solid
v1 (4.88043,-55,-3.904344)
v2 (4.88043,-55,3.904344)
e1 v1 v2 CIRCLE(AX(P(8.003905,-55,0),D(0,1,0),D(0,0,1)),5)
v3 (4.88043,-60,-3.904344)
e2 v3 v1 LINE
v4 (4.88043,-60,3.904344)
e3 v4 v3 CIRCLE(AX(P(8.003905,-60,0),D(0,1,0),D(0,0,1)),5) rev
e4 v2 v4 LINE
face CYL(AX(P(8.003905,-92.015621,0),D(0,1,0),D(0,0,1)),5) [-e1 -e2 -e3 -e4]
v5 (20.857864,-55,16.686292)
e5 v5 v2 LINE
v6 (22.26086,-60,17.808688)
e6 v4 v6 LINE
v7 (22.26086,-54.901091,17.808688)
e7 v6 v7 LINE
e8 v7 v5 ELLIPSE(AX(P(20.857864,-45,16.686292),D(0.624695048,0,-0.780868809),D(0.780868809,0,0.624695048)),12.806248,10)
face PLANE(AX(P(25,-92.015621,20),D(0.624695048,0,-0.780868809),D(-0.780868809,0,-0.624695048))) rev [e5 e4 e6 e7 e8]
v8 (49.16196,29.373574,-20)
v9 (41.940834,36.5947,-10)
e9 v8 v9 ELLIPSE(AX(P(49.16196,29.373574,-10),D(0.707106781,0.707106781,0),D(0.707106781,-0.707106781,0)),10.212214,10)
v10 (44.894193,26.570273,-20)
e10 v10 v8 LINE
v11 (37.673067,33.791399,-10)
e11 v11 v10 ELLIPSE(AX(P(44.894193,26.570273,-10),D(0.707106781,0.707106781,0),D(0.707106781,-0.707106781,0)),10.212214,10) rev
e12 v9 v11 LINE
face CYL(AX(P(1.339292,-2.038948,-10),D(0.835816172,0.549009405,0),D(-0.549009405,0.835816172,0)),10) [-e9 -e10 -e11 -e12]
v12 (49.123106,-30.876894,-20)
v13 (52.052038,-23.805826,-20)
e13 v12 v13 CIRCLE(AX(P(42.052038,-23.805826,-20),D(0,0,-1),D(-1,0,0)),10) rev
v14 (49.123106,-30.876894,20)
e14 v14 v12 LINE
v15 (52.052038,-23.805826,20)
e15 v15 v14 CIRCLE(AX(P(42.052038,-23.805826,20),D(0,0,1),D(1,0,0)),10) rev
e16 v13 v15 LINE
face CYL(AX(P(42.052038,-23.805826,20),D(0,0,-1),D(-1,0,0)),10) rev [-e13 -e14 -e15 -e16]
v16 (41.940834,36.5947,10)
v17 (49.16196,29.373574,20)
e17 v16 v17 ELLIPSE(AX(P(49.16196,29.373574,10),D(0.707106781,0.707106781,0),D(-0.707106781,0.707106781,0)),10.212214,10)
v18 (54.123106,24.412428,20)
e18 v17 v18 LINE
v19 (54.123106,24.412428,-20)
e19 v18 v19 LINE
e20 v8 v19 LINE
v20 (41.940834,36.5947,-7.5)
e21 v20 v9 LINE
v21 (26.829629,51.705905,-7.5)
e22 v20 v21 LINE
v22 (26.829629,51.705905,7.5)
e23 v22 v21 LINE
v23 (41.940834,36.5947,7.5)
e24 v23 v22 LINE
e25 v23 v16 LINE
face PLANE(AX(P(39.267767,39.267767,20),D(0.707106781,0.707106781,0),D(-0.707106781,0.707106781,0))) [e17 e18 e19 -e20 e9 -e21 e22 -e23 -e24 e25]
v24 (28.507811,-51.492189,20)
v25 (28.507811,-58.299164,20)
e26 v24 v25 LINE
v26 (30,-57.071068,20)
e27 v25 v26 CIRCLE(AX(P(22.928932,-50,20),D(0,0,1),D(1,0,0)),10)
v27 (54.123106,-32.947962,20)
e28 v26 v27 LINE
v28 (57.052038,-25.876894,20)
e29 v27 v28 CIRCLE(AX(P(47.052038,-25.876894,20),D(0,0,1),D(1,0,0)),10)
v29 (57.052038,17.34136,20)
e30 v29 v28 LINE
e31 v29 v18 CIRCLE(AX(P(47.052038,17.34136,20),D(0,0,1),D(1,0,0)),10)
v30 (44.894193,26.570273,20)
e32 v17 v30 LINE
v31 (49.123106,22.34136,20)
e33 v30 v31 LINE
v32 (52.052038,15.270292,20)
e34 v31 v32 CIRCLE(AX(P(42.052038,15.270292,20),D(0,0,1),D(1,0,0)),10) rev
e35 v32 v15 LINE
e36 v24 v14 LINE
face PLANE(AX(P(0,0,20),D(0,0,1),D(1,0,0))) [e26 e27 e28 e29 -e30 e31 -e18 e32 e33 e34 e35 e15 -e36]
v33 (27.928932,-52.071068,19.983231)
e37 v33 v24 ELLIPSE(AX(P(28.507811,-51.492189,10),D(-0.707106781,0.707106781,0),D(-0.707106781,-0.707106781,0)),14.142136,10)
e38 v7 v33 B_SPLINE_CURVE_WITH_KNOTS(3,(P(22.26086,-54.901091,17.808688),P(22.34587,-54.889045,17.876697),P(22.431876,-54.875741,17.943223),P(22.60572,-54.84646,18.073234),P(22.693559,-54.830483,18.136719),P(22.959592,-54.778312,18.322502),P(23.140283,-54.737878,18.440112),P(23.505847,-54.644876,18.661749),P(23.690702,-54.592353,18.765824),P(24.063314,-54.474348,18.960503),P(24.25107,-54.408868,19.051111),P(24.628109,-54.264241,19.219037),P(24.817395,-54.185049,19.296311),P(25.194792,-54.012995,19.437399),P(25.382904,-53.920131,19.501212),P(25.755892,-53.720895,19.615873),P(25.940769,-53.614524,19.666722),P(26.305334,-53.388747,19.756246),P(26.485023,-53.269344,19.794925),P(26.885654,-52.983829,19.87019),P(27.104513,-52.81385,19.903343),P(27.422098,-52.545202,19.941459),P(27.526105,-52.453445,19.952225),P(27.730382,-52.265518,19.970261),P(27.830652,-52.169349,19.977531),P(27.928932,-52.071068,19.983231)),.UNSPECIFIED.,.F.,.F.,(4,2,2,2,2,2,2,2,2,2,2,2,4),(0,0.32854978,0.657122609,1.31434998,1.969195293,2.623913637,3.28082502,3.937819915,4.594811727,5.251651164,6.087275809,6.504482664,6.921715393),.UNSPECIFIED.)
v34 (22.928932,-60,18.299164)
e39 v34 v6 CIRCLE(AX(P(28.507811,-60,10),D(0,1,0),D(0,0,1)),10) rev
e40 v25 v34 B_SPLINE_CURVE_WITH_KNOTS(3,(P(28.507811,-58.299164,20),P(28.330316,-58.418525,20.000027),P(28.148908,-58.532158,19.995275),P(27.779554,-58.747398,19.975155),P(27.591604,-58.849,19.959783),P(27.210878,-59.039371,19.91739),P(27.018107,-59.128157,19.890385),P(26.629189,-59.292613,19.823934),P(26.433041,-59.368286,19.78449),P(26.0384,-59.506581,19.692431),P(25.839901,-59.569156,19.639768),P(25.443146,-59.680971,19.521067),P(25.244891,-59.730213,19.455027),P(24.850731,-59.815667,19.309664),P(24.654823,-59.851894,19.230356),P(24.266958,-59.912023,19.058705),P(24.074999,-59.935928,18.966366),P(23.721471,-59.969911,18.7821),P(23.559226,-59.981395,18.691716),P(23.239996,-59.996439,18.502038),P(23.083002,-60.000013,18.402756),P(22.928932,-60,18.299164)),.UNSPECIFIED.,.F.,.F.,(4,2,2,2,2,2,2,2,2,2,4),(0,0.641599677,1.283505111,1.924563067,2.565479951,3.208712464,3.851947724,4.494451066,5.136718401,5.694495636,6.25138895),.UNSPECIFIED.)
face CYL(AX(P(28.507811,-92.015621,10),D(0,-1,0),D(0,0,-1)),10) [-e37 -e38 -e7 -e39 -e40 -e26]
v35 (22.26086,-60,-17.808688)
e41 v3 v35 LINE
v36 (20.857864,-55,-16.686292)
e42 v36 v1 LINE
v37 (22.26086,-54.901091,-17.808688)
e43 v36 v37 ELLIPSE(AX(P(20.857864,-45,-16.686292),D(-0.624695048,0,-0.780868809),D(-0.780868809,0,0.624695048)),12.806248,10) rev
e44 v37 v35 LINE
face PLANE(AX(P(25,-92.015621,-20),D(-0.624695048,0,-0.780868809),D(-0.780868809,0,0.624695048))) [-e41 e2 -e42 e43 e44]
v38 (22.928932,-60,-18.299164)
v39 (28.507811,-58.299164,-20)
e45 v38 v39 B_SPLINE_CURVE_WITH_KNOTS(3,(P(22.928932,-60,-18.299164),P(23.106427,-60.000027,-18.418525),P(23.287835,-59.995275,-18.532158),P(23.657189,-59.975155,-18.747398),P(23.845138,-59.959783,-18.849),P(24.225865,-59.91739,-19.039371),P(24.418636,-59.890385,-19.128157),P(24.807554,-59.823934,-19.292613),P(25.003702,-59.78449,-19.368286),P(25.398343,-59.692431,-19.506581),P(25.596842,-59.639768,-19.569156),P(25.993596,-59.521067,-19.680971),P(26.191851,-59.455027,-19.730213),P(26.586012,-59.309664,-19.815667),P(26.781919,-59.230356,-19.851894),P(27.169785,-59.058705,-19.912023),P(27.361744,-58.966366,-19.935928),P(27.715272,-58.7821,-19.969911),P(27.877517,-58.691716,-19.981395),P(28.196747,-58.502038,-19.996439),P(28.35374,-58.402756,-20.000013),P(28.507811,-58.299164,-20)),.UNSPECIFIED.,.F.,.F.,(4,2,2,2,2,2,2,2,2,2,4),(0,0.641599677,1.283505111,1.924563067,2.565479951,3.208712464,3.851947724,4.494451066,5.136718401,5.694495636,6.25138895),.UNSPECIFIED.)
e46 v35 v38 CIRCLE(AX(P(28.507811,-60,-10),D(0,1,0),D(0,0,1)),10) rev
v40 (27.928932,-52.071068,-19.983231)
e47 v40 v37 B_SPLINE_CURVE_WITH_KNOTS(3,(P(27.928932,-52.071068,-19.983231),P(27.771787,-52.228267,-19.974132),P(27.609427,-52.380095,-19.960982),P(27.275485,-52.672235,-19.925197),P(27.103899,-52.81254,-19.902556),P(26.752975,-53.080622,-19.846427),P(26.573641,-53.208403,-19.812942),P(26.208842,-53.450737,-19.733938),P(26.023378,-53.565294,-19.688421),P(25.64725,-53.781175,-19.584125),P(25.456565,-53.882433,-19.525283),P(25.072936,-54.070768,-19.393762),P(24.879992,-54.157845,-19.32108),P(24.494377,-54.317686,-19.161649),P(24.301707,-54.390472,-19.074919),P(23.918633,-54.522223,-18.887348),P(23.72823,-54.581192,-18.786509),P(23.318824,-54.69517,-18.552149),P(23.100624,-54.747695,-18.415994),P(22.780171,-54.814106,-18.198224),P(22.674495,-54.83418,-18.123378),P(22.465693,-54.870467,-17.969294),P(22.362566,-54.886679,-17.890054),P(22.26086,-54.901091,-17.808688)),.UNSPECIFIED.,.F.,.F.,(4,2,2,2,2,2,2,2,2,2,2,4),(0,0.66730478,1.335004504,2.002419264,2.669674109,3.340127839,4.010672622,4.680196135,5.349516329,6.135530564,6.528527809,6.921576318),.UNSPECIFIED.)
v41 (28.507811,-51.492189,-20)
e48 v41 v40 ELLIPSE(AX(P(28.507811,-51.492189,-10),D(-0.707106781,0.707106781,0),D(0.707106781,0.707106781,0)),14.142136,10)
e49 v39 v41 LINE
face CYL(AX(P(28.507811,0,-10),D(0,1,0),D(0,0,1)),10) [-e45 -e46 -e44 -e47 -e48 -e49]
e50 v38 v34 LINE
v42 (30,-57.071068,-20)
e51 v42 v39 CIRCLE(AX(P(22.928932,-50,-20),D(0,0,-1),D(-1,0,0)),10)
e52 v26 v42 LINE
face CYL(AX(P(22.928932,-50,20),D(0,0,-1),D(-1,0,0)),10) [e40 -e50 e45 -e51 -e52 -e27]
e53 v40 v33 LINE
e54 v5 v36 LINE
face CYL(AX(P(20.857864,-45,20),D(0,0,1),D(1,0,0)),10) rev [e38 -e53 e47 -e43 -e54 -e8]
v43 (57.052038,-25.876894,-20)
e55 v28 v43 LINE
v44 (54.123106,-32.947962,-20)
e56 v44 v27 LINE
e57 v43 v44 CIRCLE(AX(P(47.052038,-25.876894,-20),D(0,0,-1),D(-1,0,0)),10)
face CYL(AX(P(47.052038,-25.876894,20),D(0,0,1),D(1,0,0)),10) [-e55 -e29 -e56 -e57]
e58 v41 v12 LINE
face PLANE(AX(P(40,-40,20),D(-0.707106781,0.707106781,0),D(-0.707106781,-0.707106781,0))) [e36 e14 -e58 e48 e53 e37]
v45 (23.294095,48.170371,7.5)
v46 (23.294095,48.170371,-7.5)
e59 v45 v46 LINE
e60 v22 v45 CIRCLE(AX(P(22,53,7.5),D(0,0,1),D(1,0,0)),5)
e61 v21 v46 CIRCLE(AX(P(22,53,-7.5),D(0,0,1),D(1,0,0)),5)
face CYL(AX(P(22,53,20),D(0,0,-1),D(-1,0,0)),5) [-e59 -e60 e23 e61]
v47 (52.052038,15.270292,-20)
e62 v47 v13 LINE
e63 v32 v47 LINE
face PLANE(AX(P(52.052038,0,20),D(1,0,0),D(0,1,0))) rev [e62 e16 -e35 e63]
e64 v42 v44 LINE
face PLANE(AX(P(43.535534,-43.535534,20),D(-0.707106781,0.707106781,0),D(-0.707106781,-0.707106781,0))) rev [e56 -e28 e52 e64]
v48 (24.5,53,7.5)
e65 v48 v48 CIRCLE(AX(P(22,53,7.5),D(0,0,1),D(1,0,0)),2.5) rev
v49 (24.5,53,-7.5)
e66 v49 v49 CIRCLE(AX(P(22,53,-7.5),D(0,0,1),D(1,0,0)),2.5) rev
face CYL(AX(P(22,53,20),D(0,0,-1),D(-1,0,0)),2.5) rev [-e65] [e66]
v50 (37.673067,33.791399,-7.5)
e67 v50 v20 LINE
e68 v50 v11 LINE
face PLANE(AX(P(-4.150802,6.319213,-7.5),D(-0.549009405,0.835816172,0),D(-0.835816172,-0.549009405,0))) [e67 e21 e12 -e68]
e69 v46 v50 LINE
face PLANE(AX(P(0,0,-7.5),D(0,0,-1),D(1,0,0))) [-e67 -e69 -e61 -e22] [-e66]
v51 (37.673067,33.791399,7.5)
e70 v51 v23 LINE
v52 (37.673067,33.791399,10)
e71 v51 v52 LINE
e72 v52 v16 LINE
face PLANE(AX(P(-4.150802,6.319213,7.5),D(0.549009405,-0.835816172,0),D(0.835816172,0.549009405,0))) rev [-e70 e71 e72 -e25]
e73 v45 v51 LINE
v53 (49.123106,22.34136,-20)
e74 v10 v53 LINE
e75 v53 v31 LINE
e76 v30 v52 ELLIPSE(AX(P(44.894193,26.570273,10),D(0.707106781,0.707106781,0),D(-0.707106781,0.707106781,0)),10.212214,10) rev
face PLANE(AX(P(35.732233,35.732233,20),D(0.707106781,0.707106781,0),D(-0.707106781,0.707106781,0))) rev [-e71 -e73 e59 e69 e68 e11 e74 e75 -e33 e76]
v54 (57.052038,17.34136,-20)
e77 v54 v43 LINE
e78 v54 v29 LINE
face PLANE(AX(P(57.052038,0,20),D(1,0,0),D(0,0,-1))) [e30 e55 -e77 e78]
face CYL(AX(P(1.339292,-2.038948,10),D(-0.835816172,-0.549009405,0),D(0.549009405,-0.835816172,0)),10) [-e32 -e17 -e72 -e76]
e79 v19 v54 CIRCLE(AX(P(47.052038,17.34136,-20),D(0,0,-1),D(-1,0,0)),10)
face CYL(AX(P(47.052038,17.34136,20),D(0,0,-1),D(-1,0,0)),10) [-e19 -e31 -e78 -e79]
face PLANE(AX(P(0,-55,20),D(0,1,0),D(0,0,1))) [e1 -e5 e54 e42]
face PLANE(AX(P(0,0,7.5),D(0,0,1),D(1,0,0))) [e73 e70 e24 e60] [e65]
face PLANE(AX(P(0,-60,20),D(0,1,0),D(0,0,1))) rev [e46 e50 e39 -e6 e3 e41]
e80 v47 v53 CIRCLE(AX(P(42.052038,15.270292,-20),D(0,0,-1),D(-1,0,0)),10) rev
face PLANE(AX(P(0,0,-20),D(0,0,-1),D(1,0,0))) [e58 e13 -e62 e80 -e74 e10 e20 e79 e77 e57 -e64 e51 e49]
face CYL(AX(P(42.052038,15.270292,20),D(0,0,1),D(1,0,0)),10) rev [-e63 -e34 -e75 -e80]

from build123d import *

# Parameters (mm, degrees)
SKETCH1_R           = 2.5
BOSS_EXTRUDE1_DEPTH = 20
SKETCH2_R           = 2.5
CUT_EXTRUDE1_DEPTH  = 12.5
CUT_EXTRUDE2_DEPTH  = 5
FILLET5_R           = 10
FILLET6_R           = 10
FILLET7_R           = 10
FILLET8_R           = 10
FILLET9_R           = 5


with BuildPart() as part:
    # Sketch1 → Boss-Extrude1 (new body)
    with BuildSketch(Plane.XY):
        with BuildLine():
            ThreePointArc((26.829629131, 51.705904774), (18.464466094, 56.535533906), (23.294095226, 48.170370869))
            Line((23.294095226, 48.170370869), (52.0520382, 19.412427894))
            Line((52.0520382, 19.412427894), (52.0520382, -27.9479618))
            Line((52.0520382, -27.9479618), (25, -55))
            Line((25, -55), (0, -55))
            Line((0, -55), (0, -60))
            Line((0, -60), (27.071067812, -60))
            Line((27.071067812, -60), (57.0520382, -30.019029611))
            Line((57.0520382, -30.019029611), (57.0520382, 21.483495706))
            Line((57.0520382, 21.483495706), (26.829629131, 51.705904774))
        make_face()
        with Locations((22, 53)):
            Circle(SKETCH1_R, mode=Mode.SUBTRACT)
    boss_extrude1 = extrude(amount=BOSS_EXTRUDE1_DEPTH)

    # Sketch2 → Cut-Extrude1 (cut)
    with BuildSketch(Plane.XY.offset(20)):
        with BuildLine():
            ThreePointArc((23.294095226, 48.170370869), (25.535533906, 49.464466094), (26.829629131, 51.705904774))
            ThreePointArc((26.829629131, 51.705904774), (26.957224307, 52.347369039), (27, 53))
            ThreePointArc((27, 53), (18.033233299, 56.043807145), (23.294095226, 48.170370869))
        make_face()
        with Locations((22, 53)):
            Circle(SKETCH2_R, mode=Mode.SUBTRACT)
        with BuildLine():
            Line((41.940833666, 36.59470024), (26.829629131, 51.705904774))
            ThreePointArc((26.829629131, 51.705904774), (25.535533906, 49.464466094), (23.294095226, 48.170370869))
            Line((23.294095226, 48.170370869), (37.673066713, 33.791399381))
            Line((37.673066713, 33.791399381), (41.940833666, 36.59470024))
        make_face()
    cut_extrude1 = extrude(amount=-CUT_EXTRUDE1_DEPTH, mode=Mode.SUBTRACT)

    # Sketch3 → Cut-Extrude2 (cut)
    with BuildSketch(Plane(origin=(0, -55, 0), x_dir=(1, 0, 0), z_dir=(0, 1, 0))):
        Polygon((25, -20), (0, 0), (0, -20), align=None)
    cut_extrude2 = extrude(amount=-CUT_EXTRUDE2_DEPTH, mode=Mode.SUBTRACT)

    # Mirror2: Boss-Extrude1, Cut-Extrude1, Cut-Extrude2 across plane
    add(boss_extrude1.mirror(Plane.XY))
    add(cut_extrude1.mirror(Plane.XY), mode=Mode.SUBTRACT)
    add(cut_extrude2.mirror(Plane.XY), mode=Mode.SUBTRACT)

    # Fillet5
    fillet5_edges = [part.edges().sort_by_distance(p)[0] for p in [
        (39.806950189, 35.193049811, -20),
        (39.806950189, 35.193049811, 20),
    ]]
    fillet(fillet5_edges, radius=FILLET5_R)

    # Fillet6
    fillet6_edges = [part.edges().sort_by_distance(p)[0] for p in [
        (27.071067812, -60, 0),
        (57.0520382, -30.019029611, 0),
        (57.0520382, 21.483495706, 0),
    ]]
    fillet(fillet6_edges, radius=FILLET6_R)

    # Fillet7
    fillet7_edges = [part.edges().sort_by_distance(p)[0] for p in [
        (25, -55, 0),
        (52.0520382, -27.9479618, 0),
        (52.0520382, 19.412427894, 0),
    ]]
    fillet(fillet7_edges, radius=FILLET7_R)

    # Fillet8
    fillet8_edges = [part.edges().sort_by_distance(p)[0] for p in [
        (25, -56.942490323, -20),
        (25, -56.942490323, 20),
    ]]
    fillet(fillet8_edges, radius=FILLET8_R)

    # Fillet9
    fillet9_edges = [part.edges().sort_by_distance(p)[0] for p in [
        (0, -57.5, 0),
    ]]
    fillet(fillet9_edges, radius=FILLET9_R)


solid = part.part
